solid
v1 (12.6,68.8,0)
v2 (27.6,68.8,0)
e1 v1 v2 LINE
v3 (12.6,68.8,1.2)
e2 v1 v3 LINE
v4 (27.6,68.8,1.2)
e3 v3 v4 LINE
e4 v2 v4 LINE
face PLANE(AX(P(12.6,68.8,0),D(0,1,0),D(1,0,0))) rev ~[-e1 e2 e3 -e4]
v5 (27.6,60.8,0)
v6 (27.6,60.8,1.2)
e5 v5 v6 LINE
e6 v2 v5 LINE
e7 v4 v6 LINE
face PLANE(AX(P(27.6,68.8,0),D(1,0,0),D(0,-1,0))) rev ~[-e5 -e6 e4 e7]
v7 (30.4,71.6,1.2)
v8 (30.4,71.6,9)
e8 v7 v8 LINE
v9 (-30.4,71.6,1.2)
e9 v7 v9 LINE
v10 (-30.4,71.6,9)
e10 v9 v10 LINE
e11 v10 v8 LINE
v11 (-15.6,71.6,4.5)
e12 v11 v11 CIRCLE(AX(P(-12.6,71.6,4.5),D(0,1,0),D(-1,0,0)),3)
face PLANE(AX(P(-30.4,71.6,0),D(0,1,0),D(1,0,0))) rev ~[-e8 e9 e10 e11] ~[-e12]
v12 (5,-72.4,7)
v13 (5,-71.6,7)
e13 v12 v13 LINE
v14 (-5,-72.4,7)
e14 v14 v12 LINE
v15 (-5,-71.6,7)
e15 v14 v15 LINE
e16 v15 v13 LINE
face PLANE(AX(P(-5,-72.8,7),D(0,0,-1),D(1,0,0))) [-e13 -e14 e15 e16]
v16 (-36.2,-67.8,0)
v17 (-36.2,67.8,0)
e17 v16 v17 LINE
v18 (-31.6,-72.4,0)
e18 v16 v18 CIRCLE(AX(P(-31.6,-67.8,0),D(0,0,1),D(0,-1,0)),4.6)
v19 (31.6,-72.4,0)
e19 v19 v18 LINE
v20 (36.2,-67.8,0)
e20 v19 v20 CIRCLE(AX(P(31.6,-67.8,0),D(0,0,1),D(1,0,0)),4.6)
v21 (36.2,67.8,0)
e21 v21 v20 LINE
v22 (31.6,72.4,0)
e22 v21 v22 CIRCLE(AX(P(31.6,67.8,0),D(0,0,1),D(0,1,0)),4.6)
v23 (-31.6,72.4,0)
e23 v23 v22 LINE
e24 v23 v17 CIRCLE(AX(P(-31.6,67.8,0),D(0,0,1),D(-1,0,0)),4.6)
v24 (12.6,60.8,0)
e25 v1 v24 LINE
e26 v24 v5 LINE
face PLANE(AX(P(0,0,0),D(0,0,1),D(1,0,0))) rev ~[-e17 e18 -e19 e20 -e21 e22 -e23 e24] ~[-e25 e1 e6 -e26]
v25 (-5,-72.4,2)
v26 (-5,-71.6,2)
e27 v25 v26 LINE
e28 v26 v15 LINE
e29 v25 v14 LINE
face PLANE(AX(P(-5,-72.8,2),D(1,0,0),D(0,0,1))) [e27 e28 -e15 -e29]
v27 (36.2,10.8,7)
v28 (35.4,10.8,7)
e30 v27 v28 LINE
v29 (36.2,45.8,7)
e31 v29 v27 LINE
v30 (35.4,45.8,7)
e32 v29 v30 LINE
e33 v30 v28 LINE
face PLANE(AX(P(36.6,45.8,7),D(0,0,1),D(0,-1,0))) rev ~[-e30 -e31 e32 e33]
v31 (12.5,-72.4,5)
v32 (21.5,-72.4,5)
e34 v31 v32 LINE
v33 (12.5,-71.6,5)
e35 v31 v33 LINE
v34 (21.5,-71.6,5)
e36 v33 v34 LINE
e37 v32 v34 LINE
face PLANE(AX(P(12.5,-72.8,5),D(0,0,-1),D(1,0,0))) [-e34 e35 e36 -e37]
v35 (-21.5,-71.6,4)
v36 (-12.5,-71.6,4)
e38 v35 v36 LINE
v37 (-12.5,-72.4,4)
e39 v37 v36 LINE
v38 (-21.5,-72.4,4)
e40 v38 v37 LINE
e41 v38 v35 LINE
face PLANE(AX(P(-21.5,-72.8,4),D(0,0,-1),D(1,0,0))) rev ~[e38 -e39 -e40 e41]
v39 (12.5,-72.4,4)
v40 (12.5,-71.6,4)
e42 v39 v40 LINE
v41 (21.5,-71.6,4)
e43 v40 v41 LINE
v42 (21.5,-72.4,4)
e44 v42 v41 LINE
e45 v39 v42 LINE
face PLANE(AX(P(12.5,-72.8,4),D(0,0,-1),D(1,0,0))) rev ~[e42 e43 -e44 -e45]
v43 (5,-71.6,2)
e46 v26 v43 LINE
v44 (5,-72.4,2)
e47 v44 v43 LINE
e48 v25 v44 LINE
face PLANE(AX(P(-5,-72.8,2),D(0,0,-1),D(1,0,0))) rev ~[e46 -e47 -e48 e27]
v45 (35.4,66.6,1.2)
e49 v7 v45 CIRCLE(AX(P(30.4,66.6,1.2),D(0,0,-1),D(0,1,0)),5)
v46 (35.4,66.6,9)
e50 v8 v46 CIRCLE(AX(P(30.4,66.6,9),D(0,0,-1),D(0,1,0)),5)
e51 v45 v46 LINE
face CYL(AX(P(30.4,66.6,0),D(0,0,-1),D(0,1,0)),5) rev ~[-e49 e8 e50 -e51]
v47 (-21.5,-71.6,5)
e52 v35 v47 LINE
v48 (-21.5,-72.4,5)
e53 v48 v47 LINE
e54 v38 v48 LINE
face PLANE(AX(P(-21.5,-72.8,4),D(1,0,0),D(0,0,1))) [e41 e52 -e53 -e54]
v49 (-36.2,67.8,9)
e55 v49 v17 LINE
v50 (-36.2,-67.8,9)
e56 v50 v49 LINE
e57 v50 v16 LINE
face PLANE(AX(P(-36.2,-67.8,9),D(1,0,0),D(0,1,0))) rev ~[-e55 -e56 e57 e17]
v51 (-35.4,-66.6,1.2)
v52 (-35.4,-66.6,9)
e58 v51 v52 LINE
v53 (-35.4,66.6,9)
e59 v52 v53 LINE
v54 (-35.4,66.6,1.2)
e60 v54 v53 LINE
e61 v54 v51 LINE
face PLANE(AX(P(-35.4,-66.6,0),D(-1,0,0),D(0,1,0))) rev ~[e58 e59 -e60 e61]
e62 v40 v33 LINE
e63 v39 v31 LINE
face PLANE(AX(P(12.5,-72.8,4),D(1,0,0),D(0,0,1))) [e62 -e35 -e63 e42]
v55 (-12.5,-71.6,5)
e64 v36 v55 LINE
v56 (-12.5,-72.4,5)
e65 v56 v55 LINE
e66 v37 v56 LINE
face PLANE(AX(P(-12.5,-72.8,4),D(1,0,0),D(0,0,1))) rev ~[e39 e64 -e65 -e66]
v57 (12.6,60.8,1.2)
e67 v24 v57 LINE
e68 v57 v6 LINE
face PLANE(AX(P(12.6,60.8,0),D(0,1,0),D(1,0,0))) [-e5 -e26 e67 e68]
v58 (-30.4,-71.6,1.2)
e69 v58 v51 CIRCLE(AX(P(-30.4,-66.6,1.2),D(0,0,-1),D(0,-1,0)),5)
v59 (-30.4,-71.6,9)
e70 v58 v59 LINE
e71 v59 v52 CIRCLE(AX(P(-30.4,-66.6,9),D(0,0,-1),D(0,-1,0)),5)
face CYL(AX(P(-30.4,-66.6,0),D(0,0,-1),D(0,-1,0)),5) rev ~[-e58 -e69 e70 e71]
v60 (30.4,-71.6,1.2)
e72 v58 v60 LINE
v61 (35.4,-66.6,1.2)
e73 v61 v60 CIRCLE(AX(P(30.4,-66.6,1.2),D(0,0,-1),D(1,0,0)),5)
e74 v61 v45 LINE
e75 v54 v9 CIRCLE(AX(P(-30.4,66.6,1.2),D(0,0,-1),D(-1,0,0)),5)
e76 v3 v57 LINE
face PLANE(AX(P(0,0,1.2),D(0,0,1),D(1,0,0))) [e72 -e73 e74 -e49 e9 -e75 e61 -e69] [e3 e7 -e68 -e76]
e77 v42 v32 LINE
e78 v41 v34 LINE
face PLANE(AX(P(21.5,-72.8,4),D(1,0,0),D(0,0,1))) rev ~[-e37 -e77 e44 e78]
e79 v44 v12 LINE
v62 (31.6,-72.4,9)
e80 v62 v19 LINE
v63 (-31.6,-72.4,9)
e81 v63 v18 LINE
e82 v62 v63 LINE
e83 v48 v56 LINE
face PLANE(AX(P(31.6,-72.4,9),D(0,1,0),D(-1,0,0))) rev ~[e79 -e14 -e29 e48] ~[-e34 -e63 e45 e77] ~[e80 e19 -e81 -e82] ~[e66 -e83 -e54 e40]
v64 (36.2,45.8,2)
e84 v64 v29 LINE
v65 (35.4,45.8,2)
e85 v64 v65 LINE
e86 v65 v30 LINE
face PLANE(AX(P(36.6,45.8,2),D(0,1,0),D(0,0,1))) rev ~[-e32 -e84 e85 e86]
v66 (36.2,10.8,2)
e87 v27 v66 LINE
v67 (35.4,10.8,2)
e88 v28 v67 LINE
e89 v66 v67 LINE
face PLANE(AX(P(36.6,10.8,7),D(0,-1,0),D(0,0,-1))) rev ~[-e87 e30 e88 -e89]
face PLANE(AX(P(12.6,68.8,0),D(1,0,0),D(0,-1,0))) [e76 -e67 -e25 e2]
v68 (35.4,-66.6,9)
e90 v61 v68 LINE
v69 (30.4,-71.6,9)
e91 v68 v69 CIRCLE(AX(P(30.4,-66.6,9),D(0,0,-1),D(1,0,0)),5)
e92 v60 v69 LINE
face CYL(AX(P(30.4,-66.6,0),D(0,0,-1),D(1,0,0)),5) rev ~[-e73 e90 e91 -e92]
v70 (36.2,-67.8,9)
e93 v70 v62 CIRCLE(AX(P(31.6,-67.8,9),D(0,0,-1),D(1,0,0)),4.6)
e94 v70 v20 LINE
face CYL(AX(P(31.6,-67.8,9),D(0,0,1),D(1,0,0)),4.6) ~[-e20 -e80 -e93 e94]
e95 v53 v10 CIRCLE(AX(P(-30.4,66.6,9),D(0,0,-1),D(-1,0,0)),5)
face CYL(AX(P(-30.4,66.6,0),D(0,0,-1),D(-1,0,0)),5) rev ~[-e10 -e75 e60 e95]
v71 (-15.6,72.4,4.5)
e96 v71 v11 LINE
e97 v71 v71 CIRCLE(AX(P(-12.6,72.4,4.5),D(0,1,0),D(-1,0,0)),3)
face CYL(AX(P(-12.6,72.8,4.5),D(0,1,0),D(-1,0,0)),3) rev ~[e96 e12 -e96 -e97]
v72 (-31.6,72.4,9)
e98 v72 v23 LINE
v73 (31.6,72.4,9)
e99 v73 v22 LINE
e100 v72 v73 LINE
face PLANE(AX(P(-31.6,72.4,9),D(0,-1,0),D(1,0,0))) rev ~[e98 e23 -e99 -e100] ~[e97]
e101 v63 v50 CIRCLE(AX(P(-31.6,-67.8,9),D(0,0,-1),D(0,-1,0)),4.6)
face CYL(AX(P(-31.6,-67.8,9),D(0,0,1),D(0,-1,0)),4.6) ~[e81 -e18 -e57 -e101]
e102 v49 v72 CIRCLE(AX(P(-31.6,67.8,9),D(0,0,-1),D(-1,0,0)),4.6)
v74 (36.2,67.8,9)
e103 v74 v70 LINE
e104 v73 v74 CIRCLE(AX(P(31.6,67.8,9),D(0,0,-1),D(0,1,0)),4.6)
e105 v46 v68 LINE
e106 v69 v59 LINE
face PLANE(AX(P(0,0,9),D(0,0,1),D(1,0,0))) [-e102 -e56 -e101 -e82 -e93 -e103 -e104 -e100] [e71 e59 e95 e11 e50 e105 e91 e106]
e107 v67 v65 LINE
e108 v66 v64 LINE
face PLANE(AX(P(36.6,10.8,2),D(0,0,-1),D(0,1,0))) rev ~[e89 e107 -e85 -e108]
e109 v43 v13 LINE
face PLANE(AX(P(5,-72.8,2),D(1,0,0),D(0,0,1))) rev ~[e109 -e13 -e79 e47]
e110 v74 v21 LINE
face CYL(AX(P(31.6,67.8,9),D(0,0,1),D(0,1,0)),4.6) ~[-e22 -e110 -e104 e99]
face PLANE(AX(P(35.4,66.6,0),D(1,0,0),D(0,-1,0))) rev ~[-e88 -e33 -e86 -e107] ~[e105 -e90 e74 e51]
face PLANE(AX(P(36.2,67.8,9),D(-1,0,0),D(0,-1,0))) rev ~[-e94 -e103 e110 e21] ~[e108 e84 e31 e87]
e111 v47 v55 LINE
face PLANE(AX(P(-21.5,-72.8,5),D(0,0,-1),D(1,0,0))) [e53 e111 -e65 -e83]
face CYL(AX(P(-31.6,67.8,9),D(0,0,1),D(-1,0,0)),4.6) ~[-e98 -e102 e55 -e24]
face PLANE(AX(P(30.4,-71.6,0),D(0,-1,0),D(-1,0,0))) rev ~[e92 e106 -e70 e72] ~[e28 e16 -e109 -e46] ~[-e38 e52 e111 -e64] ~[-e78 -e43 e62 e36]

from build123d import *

# Parameters (mm, degrees)
F1_DEPTH  = 1.2
F2_DEPTH  = 9
F4_DEPTH  = 1.2
F5_W      = 10
F5_H      = 5
F6_DEPTH  = 1.2
F7_W      = 9
F7_H      = 1
F8_DEPTH  = 1.2
F9_W      = 15
F9_H      = 8
F10_DEPTH = 1.2
F11_R     = 3
F12_DEPTH = 1.2
F14_DEPTH = 9.001


with BuildPart() as f1:
    # F0 (on Top) → F1 (new body)
    with BuildSketch(Plane.XY):
        with BuildLine():
            Line((-31.6, -72.8), (31.6, -72.8))
            ThreePointArc((31.6, -72.8), (35.1355339059, -71.3355339059), (36.6, -67.8))
            Line((36.6, -67.8), (36.6, 67.8))
            ThreePointArc((36.6, 67.8), (35.1355339059, 71.3355339059), (31.6, 72.8))
            Line((31.6, 72.8), (-31.6, 72.8))
            ThreePointArc((-31.6, 72.8), (-35.1355339059, 71.3355339059), (-36.6, 67.8))
            Line((-36.6, 67.8), (-36.6, -67.8))
            ThreePointArc((-36.6, -67.8), (-35.1355339059, -71.3355339059), (-31.6, -72.8))
        make_face()
        with BuildLine():
            ThreePointArc((35.4, -66.6), (33.9355339059, -70.1355339059), (30.4, -71.6))
            Line((30.4, -71.6), (-30.4, -71.6))
            ThreePointArc((-30.4, -71.6), (-33.9355339059, -70.1355339059), (-35.4, -66.6))
            Line((-35.4, -66.6), (-35.4, 66.6))
            ThreePointArc((-35.4, 66.6), (-33.9355339059, 70.1355339059), (-30.4, 71.6))
            Line((-30.4, 71.6), (30.4, 71.6))
            ThreePointArc((30.4, 71.6), (33.9355339059, 70.1355339059), (35.4, 66.6))
            Line((35.4, 66.6), (35.4, -66.6))
        make_face(mode=Mode.SUBTRACT)
        with BuildLine():
            Line((-30.4, -71.6), (30.4, -71.6))
            ThreePointArc((30.4, -71.6), (33.9355339059, -70.1355339059), (35.4, -66.6))
            Line((35.4, -66.6), (35.4, 66.6))
            ThreePointArc((35.4, 66.6), (33.9355339059, 70.1355339059), (30.4, 71.6))
            Line((30.4, 71.6), (-30.4, 71.6))
            ThreePointArc((-30.4, 71.6), (-33.9355339059, 70.1355339059), (-35.4, 66.6))
            Line((-35.4, 66.6), (-35.4, -66.6))
            ThreePointArc((-35.4, -66.6), (-33.9355339059, -70.1355339059), (-30.4, -71.6))
        make_face()
    extrude(amount=F1_DEPTH)

    # F0 (on Top) → F2 (join)
    with BuildSketch(Plane.XY):
        with BuildLine():
            Line((-31.6, -72.8), (31.6, -72.8))
            ThreePointArc((31.6, -72.8), (35.1355339059, -71.3355339059), (36.6, -67.8))
            Line((36.6, -67.8), (36.6, 67.8))
            ThreePointArc((36.6, 67.8), (35.1355339059, 71.3355339059), (31.6, 72.8))
            Line((31.6, 72.8), (-31.6, 72.8))
            ThreePointArc((-31.6, 72.8), (-35.1355339059, 71.3355339059), (-36.6, 67.8))
            Line((-36.6, 67.8), (-36.6, -67.8))
            ThreePointArc((-36.6, -67.8), (-35.1355339059, -71.3355339059), (-31.6, -72.8))
        make_face()
        with BuildLine():
            ThreePointArc((35.4, -66.6), (33.9355339059, -70.1355339059), (30.4, -71.6))
            Line((30.4, -71.6), (-30.4, -71.6))
            ThreePointArc((-30.4, -71.6), (-33.9355339059, -70.1355339059), (-35.4, -66.6))
            Line((-35.4, -66.6), (-35.4, 66.6))
            ThreePointArc((-35.4, 66.6), (-33.9355339059, 70.1355339059), (-30.4, 71.6))
            Line((-30.4, 71.6), (30.4, 71.6))
            ThreePointArc((30.4, 71.6), (33.9355339059, 70.1355339059), (35.4, 66.6))
            Line((35.4, 66.6), (35.4, -66.6))
        make_face(mode=Mode.SUBTRACT)
    extrude(amount=F2_DEPTH)

    # F3 (on face) → F4 (cut, through all)
    with BuildSketch(Plane.YZ.offset(36.6)):
        Polygon((19.8, 2), (26.1, 2), (45.8, 2), (45.8, 7), (26.1, 7), (19.8, 7), (10.8, 7), (10.8, 2), align=None)
    extrude(amount=-F4_DEPTH, mode=Mode.SUBTRACT)

    # F5 (on face) → F6 (cut, through all)
    with BuildSketch(Plane.XZ.offset(72.8)):
        with Locations((0, 4.5)):
            Rectangle(F5_W, F5_H)
    extrude(amount=-F6_DEPTH, mode=Mode.SUBTRACT)

    # F7 (on face) → F8 (cut, through all)
    with BuildSketch(Plane.XZ.offset(72.8)):
        with Locations((-17, 4.5)):
            Rectangle(F7_W, F7_H)
        with Locations((17, 4.5)):
            Rectangle(F7_W, F7_H)
    extrude(amount=-F8_DEPTH, mode=Mode.SUBTRACT)

    # F9 (on face) → F10 (cut, through all)
    with BuildSketch(Plane(origin=(0, 0, 0), x_dir=(1, 0, 0), z_dir=(0, 0, -1))):
        with Locations((20.1, -64.8)):
            Rectangle(F9_W, F9_H)
    extrude(amount=-F10_DEPTH, mode=Mode.SUBTRACT)

    # F11 (on face) → F12 (cut, through all)
    with BuildSketch(Plane(origin=(0, 72.8, 0), x_dir=(-1, 0, 0), z_dir=(0, 1, 0))):
        with Locations((12.6, 4.5)):
            Circle(F11_R)
    extrude(amount=-F12_DEPTH, mode=Mode.SUBTRACT)

    # F13 (on face) → F14 (cut, through all)
    with BuildSketch(Plane.XY.offset(9)):
        with BuildLine():
            Line((-36.6, 67.8), (-36.6, -67.8))
            ThreePointArc((-36.6, -67.8), (-35.1355339059, -71.3355339059), (-31.6, -72.8))
            Line((-31.6, -72.8), (31.6, -72.8))
            ThreePointArc((31.6, -72.8), (35.1355339059, -71.3355339059), (36.6, -67.8))
            Line((36.6, -67.8), (36.6, 67.8))
            ThreePointArc((36.6, 67.8), (35.1355339059, 71.3355339059), (31.6, 72.8))
            Line((31.6, 72.8), (-31.6, 72.8))
            ThreePointArc((-31.6, 72.8), (-35.1355339059, 71.3355339059), (-36.6, 67.8))
        make_face()
        with BuildLine():
            Line((-31.6, 72.4), (31.6, 72.4))
            ThreePointArc((31.6, 72.4), (34.8526911935, 71.0526911935), (36.2, 67.8))
            Line((36.2, 67.8), (36.2, -67.8))
            ThreePointArc((36.2, -67.8), (34.8526911935, -71.0526911935), (31.6, -72.4))
            Line((31.6, -72.4), (-31.6, -72.4))
            ThreePointArc((-31.6, -72.4), (-34.8526911935, -71.0526911935), (-36.2, -67.8))
            Line((-36.2, -67.8), (-36.2, 67.8))
            ThreePointArc((-36.2, 67.8), (-34.8526911935, 71.0526911935), (-31.6, 72.4))
        make_face(mode=Mode.SUBTRACT)
    extrude(amount=-F14_DEPTH, mode=Mode.SUBTRACT)


solid = f1.part
